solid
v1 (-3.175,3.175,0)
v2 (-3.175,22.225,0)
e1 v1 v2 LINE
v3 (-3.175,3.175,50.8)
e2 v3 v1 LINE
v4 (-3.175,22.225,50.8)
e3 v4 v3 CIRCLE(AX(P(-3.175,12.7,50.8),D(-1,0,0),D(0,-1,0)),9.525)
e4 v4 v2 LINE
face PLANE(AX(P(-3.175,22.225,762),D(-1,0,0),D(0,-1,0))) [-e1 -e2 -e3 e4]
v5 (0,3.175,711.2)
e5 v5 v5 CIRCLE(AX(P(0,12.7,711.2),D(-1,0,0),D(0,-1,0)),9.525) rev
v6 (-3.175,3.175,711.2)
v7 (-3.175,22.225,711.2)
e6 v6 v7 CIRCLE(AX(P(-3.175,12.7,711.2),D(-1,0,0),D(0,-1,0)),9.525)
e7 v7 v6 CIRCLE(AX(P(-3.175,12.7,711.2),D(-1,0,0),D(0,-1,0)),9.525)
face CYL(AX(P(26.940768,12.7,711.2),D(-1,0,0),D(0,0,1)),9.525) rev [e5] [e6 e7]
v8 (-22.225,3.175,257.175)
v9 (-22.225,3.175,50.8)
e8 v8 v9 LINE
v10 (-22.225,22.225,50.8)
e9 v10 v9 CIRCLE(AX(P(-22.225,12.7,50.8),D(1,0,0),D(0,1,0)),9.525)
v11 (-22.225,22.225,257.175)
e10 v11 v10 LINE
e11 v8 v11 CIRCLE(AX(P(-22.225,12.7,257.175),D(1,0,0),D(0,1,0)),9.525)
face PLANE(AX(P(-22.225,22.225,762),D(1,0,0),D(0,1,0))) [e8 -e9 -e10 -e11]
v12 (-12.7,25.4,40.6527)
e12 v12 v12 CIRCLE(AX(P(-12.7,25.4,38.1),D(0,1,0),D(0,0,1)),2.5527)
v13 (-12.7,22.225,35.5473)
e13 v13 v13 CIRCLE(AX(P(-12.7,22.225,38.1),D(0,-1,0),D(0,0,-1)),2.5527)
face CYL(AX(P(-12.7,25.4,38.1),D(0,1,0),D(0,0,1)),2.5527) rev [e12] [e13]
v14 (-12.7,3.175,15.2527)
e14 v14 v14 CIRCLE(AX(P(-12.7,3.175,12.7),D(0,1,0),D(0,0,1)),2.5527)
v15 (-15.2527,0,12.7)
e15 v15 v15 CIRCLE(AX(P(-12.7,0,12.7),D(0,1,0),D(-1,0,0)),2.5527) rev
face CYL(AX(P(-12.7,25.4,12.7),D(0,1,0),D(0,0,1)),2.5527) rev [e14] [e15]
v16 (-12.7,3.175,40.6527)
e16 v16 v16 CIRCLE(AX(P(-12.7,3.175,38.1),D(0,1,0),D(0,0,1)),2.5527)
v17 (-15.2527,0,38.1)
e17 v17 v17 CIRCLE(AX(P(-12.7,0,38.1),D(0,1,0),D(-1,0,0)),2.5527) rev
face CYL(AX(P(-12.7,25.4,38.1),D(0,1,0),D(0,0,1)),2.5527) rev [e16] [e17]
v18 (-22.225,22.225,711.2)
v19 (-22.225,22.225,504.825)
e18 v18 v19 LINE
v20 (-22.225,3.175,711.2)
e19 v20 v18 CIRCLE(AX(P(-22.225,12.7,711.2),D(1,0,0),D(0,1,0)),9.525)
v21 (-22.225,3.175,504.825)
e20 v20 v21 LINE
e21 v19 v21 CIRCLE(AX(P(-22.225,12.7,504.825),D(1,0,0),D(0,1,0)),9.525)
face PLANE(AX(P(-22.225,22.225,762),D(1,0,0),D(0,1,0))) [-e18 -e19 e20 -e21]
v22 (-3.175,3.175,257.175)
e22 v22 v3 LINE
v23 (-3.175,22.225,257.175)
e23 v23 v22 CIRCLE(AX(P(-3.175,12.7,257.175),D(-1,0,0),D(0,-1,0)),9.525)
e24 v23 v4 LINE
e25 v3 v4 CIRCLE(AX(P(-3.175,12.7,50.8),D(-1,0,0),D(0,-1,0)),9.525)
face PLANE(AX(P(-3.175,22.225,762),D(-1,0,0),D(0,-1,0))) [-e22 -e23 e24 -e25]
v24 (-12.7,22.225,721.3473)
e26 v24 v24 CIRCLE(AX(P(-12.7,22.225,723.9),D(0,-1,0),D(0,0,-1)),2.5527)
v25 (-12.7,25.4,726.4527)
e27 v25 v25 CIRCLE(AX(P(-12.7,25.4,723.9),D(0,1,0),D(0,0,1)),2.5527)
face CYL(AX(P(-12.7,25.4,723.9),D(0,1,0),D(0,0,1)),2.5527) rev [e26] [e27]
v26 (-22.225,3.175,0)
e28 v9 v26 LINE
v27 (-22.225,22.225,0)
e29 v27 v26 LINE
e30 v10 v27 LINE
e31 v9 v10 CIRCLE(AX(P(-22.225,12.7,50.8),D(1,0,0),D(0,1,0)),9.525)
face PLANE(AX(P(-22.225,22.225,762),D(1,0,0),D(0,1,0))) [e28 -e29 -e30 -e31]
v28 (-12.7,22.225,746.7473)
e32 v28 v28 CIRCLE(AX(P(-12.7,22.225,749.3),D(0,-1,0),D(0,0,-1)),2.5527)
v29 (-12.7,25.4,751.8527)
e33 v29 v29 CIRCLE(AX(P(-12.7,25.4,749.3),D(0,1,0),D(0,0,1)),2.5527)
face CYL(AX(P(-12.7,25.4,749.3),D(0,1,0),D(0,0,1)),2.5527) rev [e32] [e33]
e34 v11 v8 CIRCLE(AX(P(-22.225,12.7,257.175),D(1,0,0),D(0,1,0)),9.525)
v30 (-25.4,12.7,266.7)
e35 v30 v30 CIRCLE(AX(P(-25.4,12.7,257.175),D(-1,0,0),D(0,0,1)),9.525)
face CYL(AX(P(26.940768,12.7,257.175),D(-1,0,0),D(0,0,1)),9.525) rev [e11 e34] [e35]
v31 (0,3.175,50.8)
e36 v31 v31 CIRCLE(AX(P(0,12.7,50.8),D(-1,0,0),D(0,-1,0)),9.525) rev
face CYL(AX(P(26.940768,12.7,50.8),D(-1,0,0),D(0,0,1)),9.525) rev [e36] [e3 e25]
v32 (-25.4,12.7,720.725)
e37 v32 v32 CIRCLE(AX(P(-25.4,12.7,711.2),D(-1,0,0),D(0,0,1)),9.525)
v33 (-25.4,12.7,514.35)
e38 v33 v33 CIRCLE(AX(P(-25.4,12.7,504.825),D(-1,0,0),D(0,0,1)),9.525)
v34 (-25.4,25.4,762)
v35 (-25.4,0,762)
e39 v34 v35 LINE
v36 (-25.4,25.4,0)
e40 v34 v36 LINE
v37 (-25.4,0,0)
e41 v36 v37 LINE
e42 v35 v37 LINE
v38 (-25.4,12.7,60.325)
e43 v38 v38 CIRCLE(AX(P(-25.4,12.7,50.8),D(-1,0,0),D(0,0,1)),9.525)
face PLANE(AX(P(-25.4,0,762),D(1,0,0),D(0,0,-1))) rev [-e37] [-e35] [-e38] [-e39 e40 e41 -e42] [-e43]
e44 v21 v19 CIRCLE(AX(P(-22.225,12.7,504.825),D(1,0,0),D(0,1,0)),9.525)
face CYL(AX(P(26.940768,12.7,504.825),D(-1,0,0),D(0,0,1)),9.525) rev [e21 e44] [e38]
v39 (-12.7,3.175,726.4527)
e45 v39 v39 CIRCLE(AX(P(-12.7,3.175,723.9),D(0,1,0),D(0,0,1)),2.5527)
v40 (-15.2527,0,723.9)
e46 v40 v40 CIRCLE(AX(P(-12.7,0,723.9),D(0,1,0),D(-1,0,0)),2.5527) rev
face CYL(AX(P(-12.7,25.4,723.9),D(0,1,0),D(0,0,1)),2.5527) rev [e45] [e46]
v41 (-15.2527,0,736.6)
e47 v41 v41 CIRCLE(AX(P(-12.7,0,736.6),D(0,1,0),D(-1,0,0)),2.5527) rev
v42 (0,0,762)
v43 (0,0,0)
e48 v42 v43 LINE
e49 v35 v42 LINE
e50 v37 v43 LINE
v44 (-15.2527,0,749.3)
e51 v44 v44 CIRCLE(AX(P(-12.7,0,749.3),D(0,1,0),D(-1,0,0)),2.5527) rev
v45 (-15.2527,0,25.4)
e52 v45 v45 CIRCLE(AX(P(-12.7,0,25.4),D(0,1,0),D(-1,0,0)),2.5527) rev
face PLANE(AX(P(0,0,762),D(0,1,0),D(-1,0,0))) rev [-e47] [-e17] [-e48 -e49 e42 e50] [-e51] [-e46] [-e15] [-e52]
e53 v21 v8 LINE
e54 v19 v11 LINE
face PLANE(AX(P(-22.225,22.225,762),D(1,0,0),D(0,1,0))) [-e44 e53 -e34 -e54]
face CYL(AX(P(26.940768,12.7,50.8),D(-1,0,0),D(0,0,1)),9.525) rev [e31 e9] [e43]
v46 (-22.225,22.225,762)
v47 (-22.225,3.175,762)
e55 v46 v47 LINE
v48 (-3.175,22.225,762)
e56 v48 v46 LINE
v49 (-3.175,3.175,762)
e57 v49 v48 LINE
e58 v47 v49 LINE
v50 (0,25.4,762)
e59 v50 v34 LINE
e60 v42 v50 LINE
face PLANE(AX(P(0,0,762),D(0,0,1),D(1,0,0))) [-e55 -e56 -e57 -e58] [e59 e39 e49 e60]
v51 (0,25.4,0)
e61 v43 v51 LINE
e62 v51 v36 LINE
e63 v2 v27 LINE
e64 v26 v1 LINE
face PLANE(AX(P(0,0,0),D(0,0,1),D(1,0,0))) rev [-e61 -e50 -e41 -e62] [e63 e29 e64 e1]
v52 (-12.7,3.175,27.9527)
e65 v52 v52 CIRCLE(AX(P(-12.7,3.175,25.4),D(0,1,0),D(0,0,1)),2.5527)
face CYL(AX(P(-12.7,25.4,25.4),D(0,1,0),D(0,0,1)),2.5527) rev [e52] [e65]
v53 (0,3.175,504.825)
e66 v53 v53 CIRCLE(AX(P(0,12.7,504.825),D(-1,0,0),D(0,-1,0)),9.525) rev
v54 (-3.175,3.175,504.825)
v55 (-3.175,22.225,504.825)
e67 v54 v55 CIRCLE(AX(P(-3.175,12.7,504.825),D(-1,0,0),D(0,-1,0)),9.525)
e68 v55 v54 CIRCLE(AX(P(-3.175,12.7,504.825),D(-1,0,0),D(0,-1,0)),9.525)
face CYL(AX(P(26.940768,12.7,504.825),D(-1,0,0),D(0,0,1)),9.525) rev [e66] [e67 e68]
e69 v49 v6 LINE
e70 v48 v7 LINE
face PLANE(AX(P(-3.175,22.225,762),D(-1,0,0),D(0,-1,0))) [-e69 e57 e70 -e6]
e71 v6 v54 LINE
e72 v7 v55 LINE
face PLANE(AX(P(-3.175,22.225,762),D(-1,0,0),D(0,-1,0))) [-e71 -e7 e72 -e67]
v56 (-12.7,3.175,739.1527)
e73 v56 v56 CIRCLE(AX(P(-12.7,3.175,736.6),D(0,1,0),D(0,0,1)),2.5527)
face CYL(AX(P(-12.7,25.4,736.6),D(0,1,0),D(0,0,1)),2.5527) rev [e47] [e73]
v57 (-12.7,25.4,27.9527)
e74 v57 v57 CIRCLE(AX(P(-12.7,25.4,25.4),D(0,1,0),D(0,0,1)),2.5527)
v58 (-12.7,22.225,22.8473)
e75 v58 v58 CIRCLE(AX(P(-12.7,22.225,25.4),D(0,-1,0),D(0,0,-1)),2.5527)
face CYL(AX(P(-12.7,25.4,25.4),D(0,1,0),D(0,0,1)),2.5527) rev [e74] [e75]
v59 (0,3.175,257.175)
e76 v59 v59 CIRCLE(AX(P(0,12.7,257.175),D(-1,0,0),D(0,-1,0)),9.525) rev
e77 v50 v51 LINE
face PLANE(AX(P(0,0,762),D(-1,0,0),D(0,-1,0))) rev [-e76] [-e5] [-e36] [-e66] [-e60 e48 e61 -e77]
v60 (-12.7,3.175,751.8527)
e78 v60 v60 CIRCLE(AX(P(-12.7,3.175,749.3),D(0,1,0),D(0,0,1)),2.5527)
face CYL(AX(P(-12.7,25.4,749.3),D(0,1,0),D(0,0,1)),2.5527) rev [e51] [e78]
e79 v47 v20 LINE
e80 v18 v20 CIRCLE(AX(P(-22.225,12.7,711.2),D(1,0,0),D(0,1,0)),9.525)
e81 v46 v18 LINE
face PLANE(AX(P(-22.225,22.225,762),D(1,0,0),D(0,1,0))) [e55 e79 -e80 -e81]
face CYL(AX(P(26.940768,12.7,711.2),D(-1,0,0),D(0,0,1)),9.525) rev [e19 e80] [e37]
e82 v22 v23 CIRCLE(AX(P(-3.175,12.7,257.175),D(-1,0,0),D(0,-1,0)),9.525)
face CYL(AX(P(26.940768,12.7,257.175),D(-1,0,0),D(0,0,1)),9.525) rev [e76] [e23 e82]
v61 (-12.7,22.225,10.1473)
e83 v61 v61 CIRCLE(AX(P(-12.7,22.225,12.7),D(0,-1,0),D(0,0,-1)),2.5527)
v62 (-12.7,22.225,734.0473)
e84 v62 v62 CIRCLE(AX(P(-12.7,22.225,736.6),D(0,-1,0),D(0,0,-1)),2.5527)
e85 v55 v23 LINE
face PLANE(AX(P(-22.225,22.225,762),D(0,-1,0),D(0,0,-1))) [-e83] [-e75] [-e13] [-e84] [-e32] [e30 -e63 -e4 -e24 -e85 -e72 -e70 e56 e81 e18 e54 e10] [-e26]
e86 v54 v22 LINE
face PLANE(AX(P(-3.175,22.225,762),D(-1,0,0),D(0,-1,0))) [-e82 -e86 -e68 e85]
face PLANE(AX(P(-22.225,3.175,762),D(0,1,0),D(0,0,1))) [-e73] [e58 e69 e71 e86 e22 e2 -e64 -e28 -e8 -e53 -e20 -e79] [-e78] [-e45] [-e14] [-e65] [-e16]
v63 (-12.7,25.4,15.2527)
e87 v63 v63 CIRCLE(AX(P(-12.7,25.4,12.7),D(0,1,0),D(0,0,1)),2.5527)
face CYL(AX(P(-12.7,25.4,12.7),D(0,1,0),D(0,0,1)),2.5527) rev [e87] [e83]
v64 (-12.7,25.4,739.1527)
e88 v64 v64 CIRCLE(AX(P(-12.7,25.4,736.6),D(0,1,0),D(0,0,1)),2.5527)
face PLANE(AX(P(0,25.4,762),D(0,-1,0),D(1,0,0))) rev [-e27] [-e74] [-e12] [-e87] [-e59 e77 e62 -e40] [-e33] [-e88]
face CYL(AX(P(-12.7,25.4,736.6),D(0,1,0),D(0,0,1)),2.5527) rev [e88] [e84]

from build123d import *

# Parameters (mm, degrees)
SKETCH1_W              = 25.4
SKETCH1_H              = 25.4
SKETCH1_W_2            = 19.05
SKETCH1_H_2            = 19.05
BOSS_EXTRUDE1_DEPTH    = 762
F_10_CLEARANCE_HOLE1_D = 5.1054
CUT_EXTRUDE1_REACH     = 764.846
SKETCH5_R              = 9.525


with BuildPart() as part:
    # Sketch1 → Boss-Extrude1 (new body)
    with BuildSketch(Plane.XY):
        with Locations((-12.7, 12.7)):
            Rectangle(SKETCH1_W, SKETCH1_H)
        with Locations((-12.7, 12.7)):
            Rectangle(SKETCH1_W_2, SKETCH1_H_2, mode=Mode.SUBTRACT)
    extrude(amount=BOSS_EXTRUDE1_DEPTH)

    # #10 Clearance Hole1 (through all)
    with Locations(Plane(origin=(0, 25.4, 0), x_dir=(1, 0, 0), z_dir=(0, 1, 0))):
        with Locations((-12.7, -749.3), (-12.7, -736.6), (-12.7, -723.9), (-12.7, -38.1), (-12.7, -25.4), (-12.7, -12.7)):
            Hole(F_10_CLEARANCE_HOLE1_D / 2)

    # Cut-Extrude1: up to this face of the body (flat: up to its plane)
    cut_extrude1_end = Plane(part.part.faces().sort_by_distance((0, 12.7, 381))[0])
    # Sketch5 → Cut-Extrude1 (cut, up to the picked face)
    with BuildSketch(Plane.ZY.offset(25.4), mode=Mode.PRIVATE) as cut_extrude1_sk1:
        with Locations(Location((50.8, 12.7, 0), (0, 0, 270))):
            Circle(SKETCH5_R)
    cut_extrude1_tool1 = split(extrude(cut_extrude1_sk1.sketch, amount=-CUT_EXTRUDE1_REACH, mode=Mode.PRIVATE), bisect_by=cut_extrude1_end, keep=Keep.BOTH, mode=Mode.PRIVATE)
    # Sketch5 → Cut-Extrude1 (cut, up to the picked face)
    with BuildSketch(Plane.ZY.offset(25.4), mode=Mode.PRIVATE) as cut_extrude1_sk2:
        with Locations(Location((711.2, 12.7, 0), (0, 0, 270))):
            Circle(SKETCH5_R)
    cut_extrude1_tool2 = split(extrude(cut_extrude1_sk2.sketch, amount=-CUT_EXTRUDE1_REACH, mode=Mode.PRIVATE), bisect_by=cut_extrude1_end, keep=Keep.BOTH, mode=Mode.PRIVATE)
    # Sketch5 → Cut-Extrude1 (cut, up to the picked face)
    with BuildSketch(Plane.ZY.offset(25.4), mode=Mode.PRIVATE) as cut_extrude1_sk3:
        with Locations(Location((504.825, 12.7, 0), (0, 0, 270))):
            Circle(SKETCH5_R)
    cut_extrude1_tool3 = split(extrude(cut_extrude1_sk3.sketch, amount=-CUT_EXTRUDE1_REACH, mode=Mode.PRIVATE), bisect_by=cut_extrude1_end, keep=Keep.BOTH, mode=Mode.PRIVATE)
    # Sketch5 → Cut-Extrude1 (cut, up to the picked face)
    with BuildSketch(Plane.ZY.offset(25.4), mode=Mode.PRIVATE) as cut_extrude1_sk4:
        with Locations(Location((257.175, 12.7, 0), (0, 0, 270))):
            Circle(SKETCH5_R)
    cut_extrude1_tool4 = split(extrude(cut_extrude1_sk4.sketch, amount=-CUT_EXTRUDE1_REACH, mode=Mode.PRIVATE), bisect_by=cut_extrude1_end, keep=Keep.BOTH, mode=Mode.PRIVATE)
    add(cut_extrude1_tool1.solids().sort_by(Axis((-25.4, 12.7, 50.8), (1, 0, 0)))[0], mode=Mode.SUBTRACT)
    add(cut_extrude1_tool2.solids().sort_by(Axis((-25.4, 12.7, 711.2), (1, 0, 0)))[0], mode=Mode.SUBTRACT)
    add(cut_extrude1_tool3.solids().sort_by(Axis((-25.4, 12.7, 504.825), (1, 0, 0)))[0], mode=Mode.SUBTRACT)
    add(cut_extrude1_tool4.solids().sort_by(Axis((-25.4, 12.7, 257.175), (1, 0, 0)))[0], mode=Mode.SUBTRACT)


solid = part.part
